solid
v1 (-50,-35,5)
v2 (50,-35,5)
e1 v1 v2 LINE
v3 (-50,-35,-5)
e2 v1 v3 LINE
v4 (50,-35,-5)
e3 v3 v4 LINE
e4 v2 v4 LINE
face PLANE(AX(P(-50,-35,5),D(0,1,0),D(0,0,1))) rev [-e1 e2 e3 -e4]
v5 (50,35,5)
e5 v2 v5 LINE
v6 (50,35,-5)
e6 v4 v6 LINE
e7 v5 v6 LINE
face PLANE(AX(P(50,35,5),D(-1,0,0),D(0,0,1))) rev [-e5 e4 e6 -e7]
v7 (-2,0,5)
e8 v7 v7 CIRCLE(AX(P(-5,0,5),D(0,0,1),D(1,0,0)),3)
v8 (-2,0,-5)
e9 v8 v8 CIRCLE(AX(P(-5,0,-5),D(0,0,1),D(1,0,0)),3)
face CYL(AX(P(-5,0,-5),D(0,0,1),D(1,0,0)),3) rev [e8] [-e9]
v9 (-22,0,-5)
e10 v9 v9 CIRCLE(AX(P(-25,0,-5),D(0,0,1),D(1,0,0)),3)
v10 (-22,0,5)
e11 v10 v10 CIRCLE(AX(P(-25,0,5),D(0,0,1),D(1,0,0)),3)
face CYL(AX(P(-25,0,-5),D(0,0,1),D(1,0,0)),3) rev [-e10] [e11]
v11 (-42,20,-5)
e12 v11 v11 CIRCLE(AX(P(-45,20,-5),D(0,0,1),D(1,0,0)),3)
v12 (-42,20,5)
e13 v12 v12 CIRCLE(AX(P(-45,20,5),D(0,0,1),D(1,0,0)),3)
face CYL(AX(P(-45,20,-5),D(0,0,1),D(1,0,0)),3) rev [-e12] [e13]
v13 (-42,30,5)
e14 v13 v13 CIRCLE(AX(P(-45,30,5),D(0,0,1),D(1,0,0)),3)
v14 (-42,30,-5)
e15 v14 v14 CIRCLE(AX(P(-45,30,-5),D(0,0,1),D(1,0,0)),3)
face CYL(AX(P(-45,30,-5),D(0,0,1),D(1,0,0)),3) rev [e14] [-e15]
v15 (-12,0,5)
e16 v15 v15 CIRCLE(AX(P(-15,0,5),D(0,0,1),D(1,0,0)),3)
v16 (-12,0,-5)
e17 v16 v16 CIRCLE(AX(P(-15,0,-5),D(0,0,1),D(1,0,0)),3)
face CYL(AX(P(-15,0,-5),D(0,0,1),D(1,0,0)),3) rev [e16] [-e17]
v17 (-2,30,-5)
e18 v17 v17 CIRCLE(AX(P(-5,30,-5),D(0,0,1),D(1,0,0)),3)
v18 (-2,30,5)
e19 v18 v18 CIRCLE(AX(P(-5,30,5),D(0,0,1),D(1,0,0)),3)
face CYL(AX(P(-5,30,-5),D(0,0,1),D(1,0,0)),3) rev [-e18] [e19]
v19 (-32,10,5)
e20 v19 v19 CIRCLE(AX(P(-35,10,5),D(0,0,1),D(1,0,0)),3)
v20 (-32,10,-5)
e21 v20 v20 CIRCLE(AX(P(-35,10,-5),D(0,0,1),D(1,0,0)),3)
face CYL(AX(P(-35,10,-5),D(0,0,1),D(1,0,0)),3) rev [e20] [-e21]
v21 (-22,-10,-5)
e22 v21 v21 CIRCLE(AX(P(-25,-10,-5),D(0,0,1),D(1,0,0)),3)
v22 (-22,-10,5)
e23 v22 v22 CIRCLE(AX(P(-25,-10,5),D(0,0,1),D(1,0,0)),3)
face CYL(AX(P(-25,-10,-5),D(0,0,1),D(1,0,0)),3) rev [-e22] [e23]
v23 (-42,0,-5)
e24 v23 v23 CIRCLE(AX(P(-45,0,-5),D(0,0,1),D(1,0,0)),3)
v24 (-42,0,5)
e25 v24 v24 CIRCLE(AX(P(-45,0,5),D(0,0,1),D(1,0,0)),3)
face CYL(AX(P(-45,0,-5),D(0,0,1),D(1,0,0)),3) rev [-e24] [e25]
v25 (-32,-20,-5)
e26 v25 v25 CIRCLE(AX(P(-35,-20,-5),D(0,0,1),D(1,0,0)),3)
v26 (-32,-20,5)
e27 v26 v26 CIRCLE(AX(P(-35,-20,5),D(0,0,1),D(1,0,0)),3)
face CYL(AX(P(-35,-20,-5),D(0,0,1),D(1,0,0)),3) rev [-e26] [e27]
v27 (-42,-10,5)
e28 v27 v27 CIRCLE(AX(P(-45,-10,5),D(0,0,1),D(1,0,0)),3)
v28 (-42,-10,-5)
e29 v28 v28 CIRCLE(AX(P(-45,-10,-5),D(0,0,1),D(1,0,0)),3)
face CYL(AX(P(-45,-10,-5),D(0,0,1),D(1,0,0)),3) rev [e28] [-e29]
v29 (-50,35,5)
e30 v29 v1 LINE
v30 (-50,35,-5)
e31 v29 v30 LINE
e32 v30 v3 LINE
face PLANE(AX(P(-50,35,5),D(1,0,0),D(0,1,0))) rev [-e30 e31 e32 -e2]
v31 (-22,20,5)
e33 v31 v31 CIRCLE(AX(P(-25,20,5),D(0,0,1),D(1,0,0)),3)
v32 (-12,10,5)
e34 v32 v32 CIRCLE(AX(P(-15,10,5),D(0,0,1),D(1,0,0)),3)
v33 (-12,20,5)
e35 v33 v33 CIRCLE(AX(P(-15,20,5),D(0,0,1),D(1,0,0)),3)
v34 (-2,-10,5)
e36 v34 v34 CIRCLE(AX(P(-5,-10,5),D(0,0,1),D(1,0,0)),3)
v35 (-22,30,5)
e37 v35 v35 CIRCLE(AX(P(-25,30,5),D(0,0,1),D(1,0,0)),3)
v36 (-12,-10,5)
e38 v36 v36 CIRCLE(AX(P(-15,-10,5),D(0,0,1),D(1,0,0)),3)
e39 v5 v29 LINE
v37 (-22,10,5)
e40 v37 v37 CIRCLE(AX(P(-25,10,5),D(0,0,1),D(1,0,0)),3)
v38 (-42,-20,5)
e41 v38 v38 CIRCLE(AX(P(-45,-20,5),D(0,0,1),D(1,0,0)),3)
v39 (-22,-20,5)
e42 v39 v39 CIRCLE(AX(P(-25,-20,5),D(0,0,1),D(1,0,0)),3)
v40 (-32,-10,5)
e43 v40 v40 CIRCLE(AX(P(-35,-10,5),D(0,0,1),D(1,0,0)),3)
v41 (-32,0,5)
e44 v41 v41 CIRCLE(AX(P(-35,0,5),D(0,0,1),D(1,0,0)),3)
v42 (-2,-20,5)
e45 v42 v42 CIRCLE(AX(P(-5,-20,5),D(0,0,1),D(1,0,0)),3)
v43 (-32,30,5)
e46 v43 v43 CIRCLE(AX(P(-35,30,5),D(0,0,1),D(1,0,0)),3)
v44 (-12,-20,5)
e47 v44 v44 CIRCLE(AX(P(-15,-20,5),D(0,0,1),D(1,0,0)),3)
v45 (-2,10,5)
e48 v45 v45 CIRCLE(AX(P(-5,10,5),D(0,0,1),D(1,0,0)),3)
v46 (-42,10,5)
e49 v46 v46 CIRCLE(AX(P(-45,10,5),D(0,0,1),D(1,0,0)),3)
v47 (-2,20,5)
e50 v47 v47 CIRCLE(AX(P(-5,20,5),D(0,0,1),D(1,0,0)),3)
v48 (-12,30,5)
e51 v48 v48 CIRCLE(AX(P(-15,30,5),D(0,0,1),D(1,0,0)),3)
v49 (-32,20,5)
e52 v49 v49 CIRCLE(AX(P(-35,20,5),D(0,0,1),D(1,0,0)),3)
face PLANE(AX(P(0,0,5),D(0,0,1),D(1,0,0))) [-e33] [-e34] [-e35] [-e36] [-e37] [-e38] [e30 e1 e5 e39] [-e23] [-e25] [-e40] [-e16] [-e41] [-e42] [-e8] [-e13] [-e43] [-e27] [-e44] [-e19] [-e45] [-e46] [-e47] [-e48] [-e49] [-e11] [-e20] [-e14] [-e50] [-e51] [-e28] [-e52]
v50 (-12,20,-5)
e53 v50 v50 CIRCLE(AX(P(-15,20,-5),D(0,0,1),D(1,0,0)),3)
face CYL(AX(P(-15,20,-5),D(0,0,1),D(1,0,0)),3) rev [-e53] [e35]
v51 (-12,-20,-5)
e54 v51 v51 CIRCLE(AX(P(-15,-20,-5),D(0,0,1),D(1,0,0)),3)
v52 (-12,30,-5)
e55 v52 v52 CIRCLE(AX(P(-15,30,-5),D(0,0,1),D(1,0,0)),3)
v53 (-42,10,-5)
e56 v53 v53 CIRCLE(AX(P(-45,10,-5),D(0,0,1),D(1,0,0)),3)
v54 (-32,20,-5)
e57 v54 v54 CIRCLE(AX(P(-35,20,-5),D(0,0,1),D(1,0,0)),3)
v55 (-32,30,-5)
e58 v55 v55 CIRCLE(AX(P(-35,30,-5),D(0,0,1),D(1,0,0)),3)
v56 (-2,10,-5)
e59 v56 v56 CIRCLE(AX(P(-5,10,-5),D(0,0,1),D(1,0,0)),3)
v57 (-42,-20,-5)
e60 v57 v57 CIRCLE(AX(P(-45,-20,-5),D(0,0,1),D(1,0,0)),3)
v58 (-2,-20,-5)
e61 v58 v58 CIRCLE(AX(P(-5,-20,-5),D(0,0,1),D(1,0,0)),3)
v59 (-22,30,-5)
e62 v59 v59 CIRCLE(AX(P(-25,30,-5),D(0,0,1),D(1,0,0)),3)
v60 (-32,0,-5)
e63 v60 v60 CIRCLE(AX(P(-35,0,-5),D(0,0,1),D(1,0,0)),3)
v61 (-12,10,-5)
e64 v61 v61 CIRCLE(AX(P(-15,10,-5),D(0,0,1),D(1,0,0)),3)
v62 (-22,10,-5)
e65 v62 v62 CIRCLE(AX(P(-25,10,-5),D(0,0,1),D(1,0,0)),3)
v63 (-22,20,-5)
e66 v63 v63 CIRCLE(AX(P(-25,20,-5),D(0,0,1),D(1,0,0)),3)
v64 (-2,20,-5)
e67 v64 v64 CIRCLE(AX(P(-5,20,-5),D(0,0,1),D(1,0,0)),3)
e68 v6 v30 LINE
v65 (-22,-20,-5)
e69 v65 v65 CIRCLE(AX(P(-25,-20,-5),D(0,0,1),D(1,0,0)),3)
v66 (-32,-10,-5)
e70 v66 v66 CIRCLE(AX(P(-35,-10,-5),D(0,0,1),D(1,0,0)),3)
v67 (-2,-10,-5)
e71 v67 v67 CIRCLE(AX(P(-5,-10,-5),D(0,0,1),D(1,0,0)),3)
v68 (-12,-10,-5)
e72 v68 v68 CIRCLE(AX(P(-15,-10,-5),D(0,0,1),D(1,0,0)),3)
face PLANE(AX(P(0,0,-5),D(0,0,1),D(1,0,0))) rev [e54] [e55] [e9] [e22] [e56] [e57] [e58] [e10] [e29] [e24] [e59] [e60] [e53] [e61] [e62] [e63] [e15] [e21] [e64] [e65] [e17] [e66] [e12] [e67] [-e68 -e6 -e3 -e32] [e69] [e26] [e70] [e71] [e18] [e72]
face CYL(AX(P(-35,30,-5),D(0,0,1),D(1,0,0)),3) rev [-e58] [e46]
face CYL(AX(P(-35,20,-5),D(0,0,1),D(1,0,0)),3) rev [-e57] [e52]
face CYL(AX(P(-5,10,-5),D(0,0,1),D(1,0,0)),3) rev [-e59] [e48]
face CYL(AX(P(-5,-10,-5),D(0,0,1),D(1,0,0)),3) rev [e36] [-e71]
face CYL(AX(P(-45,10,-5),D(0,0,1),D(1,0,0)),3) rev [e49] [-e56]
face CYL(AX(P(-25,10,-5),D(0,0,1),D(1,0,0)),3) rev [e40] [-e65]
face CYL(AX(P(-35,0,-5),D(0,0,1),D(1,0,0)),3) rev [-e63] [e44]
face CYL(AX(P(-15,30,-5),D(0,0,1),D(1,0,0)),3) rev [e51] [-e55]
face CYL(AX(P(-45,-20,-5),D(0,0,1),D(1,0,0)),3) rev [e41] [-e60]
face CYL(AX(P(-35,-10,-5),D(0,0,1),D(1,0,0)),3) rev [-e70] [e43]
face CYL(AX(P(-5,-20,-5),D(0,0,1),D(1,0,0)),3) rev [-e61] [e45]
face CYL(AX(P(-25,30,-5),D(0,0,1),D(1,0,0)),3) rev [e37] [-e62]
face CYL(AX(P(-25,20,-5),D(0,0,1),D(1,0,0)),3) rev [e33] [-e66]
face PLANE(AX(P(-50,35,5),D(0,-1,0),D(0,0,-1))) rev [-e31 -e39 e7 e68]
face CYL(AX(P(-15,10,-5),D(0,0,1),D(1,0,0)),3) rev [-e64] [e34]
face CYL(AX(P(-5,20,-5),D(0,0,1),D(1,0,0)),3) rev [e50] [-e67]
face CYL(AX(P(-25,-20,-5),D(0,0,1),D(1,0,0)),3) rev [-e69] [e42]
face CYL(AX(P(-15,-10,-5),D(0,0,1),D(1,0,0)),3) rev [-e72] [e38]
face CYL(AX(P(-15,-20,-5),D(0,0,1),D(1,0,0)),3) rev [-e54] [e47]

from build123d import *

# Parameters (mm, degrees)
SKETCH_1_W                  = 100
SKETCH_1_H                  = 70
EXTRUDE_1_DEPTH             = 5
SKETCH_2_R                  = 3
CUT_EXTRUDE_1_DEPTH         = 10
PATTERN_LINEAR_1_COUNT      = 5
PATTERN_LINEAR_1_PITCH      = 10
PATTERN_LINEAR_1_COUNT_DIR2 = 6
PATTERN_LINEAR_1_PITCH_DIR2 = 10


with BuildPart() as part:
    # 草图1 → 凸台-拉伸1 (new, symmetric)
    with BuildSketch(Plane.XY):
        Rectangle(SKETCH_1_W, SKETCH_1_H)
    extrude(amount=EXTRUDE_1_DEPTH, both=True)

    # 草图2 → 切除-拉伸1 (cut)
    with BuildSketch(Plane.XY.offset(5)):
        with Locations((-45, 30)):
            Circle(SKETCH_2_R)
    cut_extrude_1 = extrude(amount=-CUT_EXTRUDE_1_DEPTH, mode=Mode.SUBTRACT)

    # 阵列(线性)1: Cut-Extrude 1 5 × 6
    with Locations(*[(i * PATTERN_LINEAR_1_PITCH, -j * PATTERN_LINEAR_1_PITCH_DIR2, 0) for i in range(PATTERN_LINEAR_1_COUNT) for j in range(PATTERN_LINEAR_1_COUNT_DIR2) if (i, j) != (0, 0)]):
        add(cut_extrude_1, mode=Mode.SUBTRACT)


solid = part.part
